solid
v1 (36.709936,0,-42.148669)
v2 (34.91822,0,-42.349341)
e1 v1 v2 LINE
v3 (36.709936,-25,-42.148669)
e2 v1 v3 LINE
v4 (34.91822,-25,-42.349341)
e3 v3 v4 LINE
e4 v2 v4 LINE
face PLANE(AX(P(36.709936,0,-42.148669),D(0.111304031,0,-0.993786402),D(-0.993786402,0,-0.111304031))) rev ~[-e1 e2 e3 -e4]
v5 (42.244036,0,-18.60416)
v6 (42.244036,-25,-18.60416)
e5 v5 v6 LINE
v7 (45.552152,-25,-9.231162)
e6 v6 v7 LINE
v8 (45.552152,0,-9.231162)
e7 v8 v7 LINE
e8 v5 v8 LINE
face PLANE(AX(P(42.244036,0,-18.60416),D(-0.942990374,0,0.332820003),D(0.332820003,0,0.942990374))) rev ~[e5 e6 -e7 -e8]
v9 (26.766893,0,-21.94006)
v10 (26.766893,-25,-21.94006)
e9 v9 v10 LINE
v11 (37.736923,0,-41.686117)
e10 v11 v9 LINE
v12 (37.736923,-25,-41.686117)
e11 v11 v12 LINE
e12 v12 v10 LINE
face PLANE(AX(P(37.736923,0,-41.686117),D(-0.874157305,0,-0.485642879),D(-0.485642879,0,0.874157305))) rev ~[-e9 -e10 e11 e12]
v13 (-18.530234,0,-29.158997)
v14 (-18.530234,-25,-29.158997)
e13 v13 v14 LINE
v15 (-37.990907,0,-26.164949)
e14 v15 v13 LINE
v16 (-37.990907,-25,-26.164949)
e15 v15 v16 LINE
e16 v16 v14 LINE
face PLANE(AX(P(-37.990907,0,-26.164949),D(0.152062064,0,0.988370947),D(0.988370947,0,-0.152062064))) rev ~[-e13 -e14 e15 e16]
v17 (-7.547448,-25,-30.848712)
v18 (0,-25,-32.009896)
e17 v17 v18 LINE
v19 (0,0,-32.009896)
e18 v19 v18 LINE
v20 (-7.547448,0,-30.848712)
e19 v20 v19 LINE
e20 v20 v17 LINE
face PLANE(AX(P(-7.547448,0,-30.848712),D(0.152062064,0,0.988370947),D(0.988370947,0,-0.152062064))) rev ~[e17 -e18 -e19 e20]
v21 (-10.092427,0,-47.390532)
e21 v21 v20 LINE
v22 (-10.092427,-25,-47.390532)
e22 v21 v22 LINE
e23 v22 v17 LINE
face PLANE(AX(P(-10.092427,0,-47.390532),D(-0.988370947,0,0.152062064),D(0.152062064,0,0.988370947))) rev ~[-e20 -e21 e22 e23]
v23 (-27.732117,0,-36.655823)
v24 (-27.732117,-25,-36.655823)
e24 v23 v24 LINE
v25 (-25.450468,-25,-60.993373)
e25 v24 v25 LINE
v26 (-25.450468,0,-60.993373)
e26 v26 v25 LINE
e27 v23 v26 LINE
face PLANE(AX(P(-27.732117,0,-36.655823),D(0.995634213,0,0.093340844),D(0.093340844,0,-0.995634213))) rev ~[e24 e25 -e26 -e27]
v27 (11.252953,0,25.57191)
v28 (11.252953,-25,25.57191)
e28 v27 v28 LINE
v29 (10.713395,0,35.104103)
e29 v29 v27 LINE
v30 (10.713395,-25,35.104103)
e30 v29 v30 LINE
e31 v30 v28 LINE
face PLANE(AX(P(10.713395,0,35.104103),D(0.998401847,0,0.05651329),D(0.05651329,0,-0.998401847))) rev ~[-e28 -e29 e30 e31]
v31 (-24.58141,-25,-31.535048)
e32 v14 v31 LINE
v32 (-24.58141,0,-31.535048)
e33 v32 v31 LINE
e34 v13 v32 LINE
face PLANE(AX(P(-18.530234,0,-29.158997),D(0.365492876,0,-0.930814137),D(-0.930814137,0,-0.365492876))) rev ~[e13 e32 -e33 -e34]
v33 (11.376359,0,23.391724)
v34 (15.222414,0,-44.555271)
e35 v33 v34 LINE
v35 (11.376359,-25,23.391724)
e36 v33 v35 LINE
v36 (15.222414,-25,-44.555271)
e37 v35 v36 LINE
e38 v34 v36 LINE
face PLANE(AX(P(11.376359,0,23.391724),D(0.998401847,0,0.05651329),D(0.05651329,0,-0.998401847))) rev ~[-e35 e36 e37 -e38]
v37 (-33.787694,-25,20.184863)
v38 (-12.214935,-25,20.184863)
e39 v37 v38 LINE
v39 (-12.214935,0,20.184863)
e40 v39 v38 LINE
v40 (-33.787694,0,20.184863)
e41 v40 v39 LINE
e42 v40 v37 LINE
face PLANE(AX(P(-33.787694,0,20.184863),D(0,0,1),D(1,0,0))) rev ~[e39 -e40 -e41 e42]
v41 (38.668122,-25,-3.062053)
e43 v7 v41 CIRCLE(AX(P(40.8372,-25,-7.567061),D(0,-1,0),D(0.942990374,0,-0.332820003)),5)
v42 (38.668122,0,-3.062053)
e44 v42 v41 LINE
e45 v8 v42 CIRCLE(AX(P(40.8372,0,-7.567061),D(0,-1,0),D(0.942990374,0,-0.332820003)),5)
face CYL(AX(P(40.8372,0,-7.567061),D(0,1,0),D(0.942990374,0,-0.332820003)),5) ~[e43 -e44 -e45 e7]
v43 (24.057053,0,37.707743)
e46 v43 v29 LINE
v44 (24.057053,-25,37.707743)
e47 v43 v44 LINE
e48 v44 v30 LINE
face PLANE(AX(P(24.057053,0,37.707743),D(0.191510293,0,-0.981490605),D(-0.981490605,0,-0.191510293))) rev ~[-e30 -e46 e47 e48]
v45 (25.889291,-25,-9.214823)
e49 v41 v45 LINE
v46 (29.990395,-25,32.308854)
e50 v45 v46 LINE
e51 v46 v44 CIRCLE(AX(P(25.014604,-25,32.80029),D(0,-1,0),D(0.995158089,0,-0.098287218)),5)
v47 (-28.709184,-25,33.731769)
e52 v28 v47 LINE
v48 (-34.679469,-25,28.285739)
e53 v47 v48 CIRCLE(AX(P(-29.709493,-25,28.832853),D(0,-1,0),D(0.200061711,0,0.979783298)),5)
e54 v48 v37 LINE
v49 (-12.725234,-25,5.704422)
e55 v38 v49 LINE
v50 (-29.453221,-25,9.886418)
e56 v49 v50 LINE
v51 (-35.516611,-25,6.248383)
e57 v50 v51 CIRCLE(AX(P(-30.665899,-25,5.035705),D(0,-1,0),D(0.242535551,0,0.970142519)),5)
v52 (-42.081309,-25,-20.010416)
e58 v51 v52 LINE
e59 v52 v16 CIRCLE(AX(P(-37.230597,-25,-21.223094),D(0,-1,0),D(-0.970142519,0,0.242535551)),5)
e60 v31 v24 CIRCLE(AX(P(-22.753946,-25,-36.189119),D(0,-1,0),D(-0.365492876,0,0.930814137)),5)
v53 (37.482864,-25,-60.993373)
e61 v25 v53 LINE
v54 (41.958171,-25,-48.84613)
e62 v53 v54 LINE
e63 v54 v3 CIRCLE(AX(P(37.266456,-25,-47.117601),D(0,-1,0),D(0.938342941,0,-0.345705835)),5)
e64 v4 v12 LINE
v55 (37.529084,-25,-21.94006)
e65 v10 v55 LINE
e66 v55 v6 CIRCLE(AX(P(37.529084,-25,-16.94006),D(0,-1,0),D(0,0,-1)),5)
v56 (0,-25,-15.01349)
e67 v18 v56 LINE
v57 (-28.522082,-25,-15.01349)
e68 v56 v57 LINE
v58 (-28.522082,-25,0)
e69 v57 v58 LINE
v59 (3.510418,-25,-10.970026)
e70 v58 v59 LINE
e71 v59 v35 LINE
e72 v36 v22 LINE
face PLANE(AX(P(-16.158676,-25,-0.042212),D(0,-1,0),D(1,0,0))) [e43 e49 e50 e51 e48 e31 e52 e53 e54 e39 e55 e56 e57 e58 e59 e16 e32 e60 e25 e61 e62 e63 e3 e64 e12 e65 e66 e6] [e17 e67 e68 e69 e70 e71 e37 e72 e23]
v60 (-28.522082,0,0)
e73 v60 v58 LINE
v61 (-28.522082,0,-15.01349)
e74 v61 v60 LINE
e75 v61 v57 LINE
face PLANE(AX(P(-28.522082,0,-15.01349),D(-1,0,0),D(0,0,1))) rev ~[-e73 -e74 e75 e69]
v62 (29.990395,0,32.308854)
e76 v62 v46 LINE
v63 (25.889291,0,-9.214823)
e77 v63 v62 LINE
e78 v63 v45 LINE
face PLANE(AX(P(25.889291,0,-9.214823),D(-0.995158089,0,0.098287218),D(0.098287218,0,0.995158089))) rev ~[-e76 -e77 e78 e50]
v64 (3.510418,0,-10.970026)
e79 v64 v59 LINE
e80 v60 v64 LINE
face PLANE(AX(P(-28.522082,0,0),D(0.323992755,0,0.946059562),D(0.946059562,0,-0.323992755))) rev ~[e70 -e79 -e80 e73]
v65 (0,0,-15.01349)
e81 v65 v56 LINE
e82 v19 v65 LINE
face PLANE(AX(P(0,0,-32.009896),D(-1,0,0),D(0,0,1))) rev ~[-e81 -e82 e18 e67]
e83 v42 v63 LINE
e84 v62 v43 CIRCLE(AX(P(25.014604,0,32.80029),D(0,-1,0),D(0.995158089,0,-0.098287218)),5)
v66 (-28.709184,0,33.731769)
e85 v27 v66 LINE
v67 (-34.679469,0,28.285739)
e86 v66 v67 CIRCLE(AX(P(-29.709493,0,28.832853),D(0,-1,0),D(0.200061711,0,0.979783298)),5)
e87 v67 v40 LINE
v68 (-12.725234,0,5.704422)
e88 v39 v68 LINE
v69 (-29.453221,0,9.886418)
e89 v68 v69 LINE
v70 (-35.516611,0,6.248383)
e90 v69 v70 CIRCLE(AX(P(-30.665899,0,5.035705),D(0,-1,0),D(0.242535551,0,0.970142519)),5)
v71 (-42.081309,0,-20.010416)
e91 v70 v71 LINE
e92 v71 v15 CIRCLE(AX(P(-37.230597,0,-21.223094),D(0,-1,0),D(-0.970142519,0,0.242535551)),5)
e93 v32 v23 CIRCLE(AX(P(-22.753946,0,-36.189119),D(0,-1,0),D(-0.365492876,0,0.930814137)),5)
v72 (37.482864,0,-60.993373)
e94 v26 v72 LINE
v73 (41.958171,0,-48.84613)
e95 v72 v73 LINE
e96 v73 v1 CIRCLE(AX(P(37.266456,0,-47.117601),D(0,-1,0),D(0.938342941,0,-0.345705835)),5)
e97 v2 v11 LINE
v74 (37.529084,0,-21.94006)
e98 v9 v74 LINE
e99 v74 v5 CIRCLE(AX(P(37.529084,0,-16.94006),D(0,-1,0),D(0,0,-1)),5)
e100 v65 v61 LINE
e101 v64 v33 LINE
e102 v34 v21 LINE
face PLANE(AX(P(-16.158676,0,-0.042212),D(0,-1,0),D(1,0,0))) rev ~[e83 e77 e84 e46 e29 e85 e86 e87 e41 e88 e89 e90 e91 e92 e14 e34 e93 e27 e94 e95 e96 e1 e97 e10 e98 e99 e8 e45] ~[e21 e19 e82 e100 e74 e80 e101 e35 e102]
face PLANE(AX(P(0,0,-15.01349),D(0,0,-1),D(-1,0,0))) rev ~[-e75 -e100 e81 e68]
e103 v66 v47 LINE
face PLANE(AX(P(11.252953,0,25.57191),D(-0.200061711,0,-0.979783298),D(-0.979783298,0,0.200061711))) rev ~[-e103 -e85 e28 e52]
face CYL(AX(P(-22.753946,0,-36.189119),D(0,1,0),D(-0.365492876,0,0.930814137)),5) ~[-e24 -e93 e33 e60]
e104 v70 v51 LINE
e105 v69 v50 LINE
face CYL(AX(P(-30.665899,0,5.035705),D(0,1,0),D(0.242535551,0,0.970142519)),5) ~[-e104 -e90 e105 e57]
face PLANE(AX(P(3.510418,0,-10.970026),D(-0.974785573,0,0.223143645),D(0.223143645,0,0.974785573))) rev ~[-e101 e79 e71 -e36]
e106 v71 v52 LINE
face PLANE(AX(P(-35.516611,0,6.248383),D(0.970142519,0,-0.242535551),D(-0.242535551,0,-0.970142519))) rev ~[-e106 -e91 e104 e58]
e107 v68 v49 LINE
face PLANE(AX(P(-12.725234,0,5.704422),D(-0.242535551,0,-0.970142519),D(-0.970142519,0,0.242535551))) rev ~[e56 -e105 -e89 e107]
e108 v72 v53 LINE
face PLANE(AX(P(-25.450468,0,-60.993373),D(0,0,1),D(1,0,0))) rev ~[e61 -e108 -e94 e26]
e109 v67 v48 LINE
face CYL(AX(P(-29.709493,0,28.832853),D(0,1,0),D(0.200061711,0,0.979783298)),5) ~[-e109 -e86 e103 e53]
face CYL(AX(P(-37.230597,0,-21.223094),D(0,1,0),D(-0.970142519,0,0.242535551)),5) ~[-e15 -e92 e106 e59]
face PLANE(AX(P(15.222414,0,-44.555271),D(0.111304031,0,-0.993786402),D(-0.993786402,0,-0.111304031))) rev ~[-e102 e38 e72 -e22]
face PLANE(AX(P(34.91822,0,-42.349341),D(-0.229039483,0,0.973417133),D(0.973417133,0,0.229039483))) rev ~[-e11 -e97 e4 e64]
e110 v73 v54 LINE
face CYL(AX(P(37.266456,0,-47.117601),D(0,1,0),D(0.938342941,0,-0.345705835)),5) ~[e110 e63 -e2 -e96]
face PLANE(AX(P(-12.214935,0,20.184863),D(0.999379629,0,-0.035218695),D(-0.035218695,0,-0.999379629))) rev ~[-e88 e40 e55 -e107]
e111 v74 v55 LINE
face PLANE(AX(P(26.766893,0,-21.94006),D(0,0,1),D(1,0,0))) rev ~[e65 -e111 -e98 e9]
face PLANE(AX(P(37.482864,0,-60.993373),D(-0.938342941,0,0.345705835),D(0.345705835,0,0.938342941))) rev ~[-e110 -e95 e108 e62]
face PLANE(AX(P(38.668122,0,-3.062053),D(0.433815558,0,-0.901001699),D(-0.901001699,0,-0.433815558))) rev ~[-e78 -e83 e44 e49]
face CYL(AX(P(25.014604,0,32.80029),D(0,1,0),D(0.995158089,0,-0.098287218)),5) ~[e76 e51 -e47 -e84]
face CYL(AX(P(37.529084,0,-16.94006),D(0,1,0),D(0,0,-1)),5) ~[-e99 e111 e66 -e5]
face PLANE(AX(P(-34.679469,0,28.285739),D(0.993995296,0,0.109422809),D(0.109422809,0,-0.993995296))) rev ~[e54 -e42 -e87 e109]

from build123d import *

# Parameters (mm, degrees)
F1_DEPTH = 25


with BuildPart() as f1:
    # F0 (on Front) → F1 (new body)
    with BuildSketch(Plane.XZ):
        with BuildLine():
            Line((11.2529525632, 25.5719103574), (-28.7091841749, 33.7317692207))
            ThreePointArc((-28.7091841749, 33.7317692207), (-33.0791185256, 32.5268508308), (-34.6794692086, 28.2857386834))
            Line((-34.6794692086, 28.2857386834), (-33.7876938283, 20.1848633587))
            Line((-33.7876938283, 20.1848633587), (-12.2149352244, 20.1848633587))
            Line((-12.2149352244, 20.1848633587), (-12.7252340317, 5.7044224814))
            Line((-12.7252340317, 5.7044224814), (-29.4532211279, 9.8864179047))
            ThreePointArc((-29.4532211279, 9.8864179047), (-33.2383779875, 9.3231697449), (-35.5166114774, 6.2483830684))
            Line((-35.5166114774, 6.2483830684), (-42.0813092384, -20.0104164566))
            ThreePointArc((-42.0813092384, -20.0104164566), (-41.3947846916, -23.9906812336), (-37.9909069679, -26.1649489473))
            Line((-37.9909069679, -26.1649489473), (-18.5302336488, -29.1589970529))
            Line((-18.5302336488, -29.1589970529), (-6.5646277773, -24.4605900007))
            Line((-6.5646277773, -24.4605900007), (-7.5474480488, -30.8487118886))
            Line((-7.5474480488, -30.8487118886), (0, -32.009895891))
            Line((0, -32.009895891), (0, -15.0134898722))
            Line((0, -15.0134898722), (-28.5220816731, -15.0134898722))
            Line((-28.5220816731, -15.0134898722), (-28.5220816731, 0))
            Line((-28.5220816731, 0), (3.5104178824, -10.970025789))
            Line((3.5104178824, -10.970025789), (11.3763592704, 23.3917243433))
            Line((11.3763592704, 23.3917243433), (11.2529525632, 25.5719103574))
        make_face()
        Polygon((-18.5302336488, -29.1589970529), (-7.5474480488, -30.8487118886), (-6.5646277773, -24.4605900007), align=None)
        with BuildLine():
            Line((15.3580629267, -46.9517344609), (15.222414088, -44.5552707064))
            Line((15.222414088, -44.5552707064), (-10.0924270228, -47.3905317485))
            Line((-10.0924270228, -47.3905317485), (-7.5474480488, -30.8487118886))
            Line((-7.5474480488, -30.8487118886), (-18.5302336488, -29.1589970529))
            Line((-18.5302336488, -29.1589970529), (-24.5814100591, -31.5350480632))
            ThreePointArc((-24.5814100591, -31.5350480632), (-27.0124374728, -33.5689569902), (-27.7321167453, -36.6558229663))
            Line((-27.7321167453, -36.6558229663), (-25.4504680634, -60.993373394))
            Line((-25.4504680634, -60.993373394), (37.4828639732, -60.993373394))
            Line((37.4828639732, -60.993373394), (41.9581710206, -48.846130405))
            ThreePointArc((41.9581710206, -48.846130405), (41.2020572929, -44.0336030254), (36.7099361565, -42.1486692213))
            Line((36.7099361565, -42.1486692213), (34.9182204254, -42.3493413009))
            Line((34.9182204254, -42.3493413009), (15.3580629267, -46.9517344609))
        make_face()
        Polygon((34.9182204254, -42.3493413009), (15.222414088, -44.5552707064), (15.3580629267, -46.9517344609), align=None)
        with BuildLine():
            Line((10.7133946785, 35.1041033864), (11.2529525632, 25.5719103574))
            Line((11.2529525632, 25.5719103574), (11.8476408534, 25.4504811019))
            Line((11.8476408534, 25.4504811019), (11.3763592704, 23.3917243433))
            Line((11.3763592704, 23.3917243433), (15.222414088, -44.5552707064))
            Line((15.222414088, -44.5552707064), (34.9182204254, -42.3493413009))
            Line((34.9182204254, -42.3493413009), (37.7369229682, -41.6861167178))
            Line((37.7369229682, -41.6861167178), (26.7668929882, -21.9400599599))
            Line((26.7668929882, -21.9400599599), (37.5290844583, -21.9400599599))
            ThreePointArc((37.5290844583, -21.9400599599), (40.4169469837, -21.0217569152), (42.2440363291, -18.6041599738))
            Line((42.2440363291, -18.6041599738), (45.552152148, -9.2311615131))
            ThreePointArc((45.552152148, -9.2311615131), (44.1740915946, -3.8434669541), (38.6681224894, -3.062053003))
            Line((38.6681224894, -3.062053003), (25.8892909624, -9.2148226686))
            Line((25.8892909624, -9.2148226686), (29.9903947995, 32.3088539539))
            ThreePointArc((29.9903947995, 32.3088539539), (28.3796544347, 36.4984568802), (24.0570528899, 37.7077430696))
            Line((24.0570528899, 37.7077430696), (10.7133946785, 35.1041033864))
        make_face()
        Polygon((11.8476408534, 25.4504811019), (11.2529525632, 25.5719103574), (11.3763592704, 23.3917243433), align=None)
    extrude(amount=F1_DEPTH)


solid = f1.part
